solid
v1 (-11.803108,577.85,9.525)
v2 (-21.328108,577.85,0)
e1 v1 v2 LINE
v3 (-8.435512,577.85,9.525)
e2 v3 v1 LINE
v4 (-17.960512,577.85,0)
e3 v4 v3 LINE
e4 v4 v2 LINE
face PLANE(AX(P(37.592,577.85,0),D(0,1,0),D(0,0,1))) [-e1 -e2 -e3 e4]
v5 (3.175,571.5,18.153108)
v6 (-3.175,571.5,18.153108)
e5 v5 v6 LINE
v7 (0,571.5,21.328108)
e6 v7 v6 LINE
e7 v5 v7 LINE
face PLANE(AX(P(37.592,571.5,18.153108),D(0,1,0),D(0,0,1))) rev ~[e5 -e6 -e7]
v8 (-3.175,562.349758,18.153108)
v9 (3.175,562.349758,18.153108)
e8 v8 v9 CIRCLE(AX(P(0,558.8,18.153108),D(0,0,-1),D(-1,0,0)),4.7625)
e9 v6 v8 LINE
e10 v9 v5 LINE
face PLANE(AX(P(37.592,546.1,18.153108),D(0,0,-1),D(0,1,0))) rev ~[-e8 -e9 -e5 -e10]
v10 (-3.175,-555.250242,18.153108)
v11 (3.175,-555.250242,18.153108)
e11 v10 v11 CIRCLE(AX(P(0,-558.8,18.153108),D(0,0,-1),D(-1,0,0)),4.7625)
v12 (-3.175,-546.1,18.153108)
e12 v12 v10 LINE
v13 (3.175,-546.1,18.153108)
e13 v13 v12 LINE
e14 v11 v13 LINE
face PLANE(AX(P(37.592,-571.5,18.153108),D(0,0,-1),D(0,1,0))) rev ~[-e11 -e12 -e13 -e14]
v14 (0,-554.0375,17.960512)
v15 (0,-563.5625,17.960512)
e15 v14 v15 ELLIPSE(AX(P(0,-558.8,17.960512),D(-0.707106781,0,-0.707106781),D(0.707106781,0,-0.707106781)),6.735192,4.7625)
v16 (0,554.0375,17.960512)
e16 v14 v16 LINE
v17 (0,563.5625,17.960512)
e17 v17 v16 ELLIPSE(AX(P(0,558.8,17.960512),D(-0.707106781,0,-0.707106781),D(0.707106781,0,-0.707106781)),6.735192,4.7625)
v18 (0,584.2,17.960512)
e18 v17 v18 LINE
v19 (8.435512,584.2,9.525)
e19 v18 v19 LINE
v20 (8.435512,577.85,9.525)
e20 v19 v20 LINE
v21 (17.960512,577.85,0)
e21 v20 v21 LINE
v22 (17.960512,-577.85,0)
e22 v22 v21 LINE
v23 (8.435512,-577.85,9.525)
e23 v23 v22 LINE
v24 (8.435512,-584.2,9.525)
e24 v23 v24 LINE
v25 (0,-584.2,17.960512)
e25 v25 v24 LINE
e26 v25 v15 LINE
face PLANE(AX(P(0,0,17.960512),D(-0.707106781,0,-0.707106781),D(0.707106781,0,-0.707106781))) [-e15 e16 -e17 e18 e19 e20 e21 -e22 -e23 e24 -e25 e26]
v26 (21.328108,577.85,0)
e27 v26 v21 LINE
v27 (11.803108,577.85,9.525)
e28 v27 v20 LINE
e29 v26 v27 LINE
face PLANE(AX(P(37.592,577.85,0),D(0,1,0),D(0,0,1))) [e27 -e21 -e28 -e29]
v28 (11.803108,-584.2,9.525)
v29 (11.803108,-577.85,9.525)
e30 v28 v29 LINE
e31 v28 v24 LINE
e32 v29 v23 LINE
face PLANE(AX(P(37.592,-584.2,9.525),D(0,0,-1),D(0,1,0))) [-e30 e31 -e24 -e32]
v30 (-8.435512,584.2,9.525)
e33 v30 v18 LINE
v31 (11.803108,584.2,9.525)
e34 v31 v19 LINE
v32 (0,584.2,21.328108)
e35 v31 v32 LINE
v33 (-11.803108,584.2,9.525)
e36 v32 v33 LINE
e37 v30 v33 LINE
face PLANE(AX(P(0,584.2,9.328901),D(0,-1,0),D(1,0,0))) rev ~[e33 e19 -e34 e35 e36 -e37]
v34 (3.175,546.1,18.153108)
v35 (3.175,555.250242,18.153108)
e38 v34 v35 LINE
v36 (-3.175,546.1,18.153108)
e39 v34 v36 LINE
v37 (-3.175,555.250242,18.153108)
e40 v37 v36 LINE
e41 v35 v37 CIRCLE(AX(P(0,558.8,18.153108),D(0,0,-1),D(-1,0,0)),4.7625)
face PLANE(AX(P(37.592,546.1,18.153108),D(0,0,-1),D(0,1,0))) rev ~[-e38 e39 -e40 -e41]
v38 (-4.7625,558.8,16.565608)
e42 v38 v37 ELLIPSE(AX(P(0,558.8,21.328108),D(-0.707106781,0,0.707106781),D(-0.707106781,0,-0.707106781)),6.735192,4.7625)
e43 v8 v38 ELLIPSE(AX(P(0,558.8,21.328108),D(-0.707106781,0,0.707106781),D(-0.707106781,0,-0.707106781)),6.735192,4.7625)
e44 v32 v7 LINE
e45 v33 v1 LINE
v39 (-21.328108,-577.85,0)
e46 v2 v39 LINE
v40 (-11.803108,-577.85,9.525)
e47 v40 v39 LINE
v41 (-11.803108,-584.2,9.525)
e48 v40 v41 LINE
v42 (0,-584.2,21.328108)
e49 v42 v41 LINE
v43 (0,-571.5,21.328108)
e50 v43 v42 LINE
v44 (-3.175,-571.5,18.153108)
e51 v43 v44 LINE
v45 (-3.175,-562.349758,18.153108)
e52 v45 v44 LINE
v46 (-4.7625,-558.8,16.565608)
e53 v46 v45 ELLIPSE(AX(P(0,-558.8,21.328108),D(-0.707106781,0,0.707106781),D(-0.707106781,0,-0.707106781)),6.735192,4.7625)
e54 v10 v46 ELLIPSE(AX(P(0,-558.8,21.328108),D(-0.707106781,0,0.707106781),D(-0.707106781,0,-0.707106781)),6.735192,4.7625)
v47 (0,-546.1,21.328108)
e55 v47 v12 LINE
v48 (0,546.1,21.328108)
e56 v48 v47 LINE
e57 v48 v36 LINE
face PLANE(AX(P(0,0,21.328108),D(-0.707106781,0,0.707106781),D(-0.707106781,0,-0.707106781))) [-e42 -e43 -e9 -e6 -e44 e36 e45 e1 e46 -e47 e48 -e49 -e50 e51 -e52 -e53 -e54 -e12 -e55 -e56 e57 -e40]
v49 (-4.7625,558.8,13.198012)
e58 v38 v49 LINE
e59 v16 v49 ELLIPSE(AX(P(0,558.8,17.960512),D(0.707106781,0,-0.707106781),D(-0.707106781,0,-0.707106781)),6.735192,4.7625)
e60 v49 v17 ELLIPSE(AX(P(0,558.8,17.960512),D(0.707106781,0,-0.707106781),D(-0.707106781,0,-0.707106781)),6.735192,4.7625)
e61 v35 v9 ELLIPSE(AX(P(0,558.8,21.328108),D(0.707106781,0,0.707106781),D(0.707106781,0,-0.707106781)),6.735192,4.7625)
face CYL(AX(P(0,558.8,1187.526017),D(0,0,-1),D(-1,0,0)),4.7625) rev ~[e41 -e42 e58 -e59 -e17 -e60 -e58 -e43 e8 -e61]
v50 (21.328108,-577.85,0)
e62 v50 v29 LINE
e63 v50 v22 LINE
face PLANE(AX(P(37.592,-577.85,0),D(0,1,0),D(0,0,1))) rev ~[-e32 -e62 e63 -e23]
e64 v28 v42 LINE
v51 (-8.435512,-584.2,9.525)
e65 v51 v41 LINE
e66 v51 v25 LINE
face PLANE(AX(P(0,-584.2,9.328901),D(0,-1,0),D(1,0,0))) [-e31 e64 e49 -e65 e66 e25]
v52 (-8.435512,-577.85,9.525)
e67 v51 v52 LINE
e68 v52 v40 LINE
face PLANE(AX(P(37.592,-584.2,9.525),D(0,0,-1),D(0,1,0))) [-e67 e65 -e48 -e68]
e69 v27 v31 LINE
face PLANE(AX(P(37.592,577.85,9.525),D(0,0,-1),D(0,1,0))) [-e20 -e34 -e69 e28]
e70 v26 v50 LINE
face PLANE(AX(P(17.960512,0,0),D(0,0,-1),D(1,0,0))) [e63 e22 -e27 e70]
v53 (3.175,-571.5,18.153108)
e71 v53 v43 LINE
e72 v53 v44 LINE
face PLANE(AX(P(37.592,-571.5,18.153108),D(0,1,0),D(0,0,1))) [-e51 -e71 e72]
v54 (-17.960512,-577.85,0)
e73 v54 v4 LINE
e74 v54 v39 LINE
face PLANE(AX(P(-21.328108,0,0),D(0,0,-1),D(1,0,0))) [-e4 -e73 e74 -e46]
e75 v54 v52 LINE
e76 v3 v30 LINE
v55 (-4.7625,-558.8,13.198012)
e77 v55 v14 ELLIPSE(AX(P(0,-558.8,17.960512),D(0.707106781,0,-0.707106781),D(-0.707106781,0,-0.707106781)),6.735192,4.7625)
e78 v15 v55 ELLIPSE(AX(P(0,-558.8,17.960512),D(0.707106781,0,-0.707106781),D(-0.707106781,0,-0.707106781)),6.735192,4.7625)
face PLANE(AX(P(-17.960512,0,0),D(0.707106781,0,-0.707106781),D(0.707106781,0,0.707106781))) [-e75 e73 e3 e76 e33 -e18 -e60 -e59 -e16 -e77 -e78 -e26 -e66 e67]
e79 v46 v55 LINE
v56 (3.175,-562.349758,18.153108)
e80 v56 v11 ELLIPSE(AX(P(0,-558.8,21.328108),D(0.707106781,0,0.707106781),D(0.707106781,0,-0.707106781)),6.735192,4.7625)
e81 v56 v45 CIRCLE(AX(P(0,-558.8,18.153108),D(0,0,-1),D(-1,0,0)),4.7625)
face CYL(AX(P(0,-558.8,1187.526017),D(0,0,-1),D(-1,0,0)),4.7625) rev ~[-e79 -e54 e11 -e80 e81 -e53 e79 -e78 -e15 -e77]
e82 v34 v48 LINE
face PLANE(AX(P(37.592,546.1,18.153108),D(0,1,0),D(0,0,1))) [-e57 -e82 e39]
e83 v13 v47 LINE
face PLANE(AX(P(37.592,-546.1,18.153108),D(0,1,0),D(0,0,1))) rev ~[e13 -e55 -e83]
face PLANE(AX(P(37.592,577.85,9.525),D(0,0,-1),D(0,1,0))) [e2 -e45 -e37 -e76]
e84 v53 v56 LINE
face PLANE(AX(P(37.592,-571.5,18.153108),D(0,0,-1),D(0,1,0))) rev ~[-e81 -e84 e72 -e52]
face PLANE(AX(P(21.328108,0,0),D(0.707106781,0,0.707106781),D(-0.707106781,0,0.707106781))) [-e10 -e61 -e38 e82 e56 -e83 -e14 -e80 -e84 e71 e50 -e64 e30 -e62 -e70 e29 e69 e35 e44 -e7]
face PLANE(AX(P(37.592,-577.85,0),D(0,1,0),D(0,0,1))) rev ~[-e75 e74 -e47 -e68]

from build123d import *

# Parameters (mm, degrees)
F1_DEPTH = 584.2
F3_W     = 25.4
F3_H     = 3.175
F3_W_2   = 6.35
F3_H_2   = 9.525
F4_DEPTH = 68.58
F6_D     = 9.525


with BuildPart() as f1:
    # F0 (on Front) → F1 (new body, symmetric)
    with BuildSketch(Plane.XZ):
        Polygon((17.960512, 0), (21.328108, 0), (0, 21.328108), (-21.328108, 0), (-17.960512, 0), (0, 17.960512), align=None)
    extrude(amount=F1_DEPTH, both=True)

    # F3 (on offset) → F4 (cut)
    with BuildSketch(Plane.YZ.offset(37.592)):
        with Locations((-558.8, 19.740608)):
            Rectangle(F3_W, F3_H)
        with Locations((558.8, 19.740608)):
            Rectangle(F3_W, F3_H)
        with Locations((581.025, 4.7625)):
            Rectangle(F3_W_2, F3_H_2)
        with Locations((-581.025, 4.7625)):
            Rectangle(F3_W_2, F3_H_2)
    extrude(amount=-F4_DEPTH, mode=Mode.SUBTRACT)

    # F6 (through all)
    with Locations(Plane.XY.offset(18.153108)):
        with Locations((0, -558.8), (0, 558.8)):
            Hole(F6_D / 2)


solid = f1.part
